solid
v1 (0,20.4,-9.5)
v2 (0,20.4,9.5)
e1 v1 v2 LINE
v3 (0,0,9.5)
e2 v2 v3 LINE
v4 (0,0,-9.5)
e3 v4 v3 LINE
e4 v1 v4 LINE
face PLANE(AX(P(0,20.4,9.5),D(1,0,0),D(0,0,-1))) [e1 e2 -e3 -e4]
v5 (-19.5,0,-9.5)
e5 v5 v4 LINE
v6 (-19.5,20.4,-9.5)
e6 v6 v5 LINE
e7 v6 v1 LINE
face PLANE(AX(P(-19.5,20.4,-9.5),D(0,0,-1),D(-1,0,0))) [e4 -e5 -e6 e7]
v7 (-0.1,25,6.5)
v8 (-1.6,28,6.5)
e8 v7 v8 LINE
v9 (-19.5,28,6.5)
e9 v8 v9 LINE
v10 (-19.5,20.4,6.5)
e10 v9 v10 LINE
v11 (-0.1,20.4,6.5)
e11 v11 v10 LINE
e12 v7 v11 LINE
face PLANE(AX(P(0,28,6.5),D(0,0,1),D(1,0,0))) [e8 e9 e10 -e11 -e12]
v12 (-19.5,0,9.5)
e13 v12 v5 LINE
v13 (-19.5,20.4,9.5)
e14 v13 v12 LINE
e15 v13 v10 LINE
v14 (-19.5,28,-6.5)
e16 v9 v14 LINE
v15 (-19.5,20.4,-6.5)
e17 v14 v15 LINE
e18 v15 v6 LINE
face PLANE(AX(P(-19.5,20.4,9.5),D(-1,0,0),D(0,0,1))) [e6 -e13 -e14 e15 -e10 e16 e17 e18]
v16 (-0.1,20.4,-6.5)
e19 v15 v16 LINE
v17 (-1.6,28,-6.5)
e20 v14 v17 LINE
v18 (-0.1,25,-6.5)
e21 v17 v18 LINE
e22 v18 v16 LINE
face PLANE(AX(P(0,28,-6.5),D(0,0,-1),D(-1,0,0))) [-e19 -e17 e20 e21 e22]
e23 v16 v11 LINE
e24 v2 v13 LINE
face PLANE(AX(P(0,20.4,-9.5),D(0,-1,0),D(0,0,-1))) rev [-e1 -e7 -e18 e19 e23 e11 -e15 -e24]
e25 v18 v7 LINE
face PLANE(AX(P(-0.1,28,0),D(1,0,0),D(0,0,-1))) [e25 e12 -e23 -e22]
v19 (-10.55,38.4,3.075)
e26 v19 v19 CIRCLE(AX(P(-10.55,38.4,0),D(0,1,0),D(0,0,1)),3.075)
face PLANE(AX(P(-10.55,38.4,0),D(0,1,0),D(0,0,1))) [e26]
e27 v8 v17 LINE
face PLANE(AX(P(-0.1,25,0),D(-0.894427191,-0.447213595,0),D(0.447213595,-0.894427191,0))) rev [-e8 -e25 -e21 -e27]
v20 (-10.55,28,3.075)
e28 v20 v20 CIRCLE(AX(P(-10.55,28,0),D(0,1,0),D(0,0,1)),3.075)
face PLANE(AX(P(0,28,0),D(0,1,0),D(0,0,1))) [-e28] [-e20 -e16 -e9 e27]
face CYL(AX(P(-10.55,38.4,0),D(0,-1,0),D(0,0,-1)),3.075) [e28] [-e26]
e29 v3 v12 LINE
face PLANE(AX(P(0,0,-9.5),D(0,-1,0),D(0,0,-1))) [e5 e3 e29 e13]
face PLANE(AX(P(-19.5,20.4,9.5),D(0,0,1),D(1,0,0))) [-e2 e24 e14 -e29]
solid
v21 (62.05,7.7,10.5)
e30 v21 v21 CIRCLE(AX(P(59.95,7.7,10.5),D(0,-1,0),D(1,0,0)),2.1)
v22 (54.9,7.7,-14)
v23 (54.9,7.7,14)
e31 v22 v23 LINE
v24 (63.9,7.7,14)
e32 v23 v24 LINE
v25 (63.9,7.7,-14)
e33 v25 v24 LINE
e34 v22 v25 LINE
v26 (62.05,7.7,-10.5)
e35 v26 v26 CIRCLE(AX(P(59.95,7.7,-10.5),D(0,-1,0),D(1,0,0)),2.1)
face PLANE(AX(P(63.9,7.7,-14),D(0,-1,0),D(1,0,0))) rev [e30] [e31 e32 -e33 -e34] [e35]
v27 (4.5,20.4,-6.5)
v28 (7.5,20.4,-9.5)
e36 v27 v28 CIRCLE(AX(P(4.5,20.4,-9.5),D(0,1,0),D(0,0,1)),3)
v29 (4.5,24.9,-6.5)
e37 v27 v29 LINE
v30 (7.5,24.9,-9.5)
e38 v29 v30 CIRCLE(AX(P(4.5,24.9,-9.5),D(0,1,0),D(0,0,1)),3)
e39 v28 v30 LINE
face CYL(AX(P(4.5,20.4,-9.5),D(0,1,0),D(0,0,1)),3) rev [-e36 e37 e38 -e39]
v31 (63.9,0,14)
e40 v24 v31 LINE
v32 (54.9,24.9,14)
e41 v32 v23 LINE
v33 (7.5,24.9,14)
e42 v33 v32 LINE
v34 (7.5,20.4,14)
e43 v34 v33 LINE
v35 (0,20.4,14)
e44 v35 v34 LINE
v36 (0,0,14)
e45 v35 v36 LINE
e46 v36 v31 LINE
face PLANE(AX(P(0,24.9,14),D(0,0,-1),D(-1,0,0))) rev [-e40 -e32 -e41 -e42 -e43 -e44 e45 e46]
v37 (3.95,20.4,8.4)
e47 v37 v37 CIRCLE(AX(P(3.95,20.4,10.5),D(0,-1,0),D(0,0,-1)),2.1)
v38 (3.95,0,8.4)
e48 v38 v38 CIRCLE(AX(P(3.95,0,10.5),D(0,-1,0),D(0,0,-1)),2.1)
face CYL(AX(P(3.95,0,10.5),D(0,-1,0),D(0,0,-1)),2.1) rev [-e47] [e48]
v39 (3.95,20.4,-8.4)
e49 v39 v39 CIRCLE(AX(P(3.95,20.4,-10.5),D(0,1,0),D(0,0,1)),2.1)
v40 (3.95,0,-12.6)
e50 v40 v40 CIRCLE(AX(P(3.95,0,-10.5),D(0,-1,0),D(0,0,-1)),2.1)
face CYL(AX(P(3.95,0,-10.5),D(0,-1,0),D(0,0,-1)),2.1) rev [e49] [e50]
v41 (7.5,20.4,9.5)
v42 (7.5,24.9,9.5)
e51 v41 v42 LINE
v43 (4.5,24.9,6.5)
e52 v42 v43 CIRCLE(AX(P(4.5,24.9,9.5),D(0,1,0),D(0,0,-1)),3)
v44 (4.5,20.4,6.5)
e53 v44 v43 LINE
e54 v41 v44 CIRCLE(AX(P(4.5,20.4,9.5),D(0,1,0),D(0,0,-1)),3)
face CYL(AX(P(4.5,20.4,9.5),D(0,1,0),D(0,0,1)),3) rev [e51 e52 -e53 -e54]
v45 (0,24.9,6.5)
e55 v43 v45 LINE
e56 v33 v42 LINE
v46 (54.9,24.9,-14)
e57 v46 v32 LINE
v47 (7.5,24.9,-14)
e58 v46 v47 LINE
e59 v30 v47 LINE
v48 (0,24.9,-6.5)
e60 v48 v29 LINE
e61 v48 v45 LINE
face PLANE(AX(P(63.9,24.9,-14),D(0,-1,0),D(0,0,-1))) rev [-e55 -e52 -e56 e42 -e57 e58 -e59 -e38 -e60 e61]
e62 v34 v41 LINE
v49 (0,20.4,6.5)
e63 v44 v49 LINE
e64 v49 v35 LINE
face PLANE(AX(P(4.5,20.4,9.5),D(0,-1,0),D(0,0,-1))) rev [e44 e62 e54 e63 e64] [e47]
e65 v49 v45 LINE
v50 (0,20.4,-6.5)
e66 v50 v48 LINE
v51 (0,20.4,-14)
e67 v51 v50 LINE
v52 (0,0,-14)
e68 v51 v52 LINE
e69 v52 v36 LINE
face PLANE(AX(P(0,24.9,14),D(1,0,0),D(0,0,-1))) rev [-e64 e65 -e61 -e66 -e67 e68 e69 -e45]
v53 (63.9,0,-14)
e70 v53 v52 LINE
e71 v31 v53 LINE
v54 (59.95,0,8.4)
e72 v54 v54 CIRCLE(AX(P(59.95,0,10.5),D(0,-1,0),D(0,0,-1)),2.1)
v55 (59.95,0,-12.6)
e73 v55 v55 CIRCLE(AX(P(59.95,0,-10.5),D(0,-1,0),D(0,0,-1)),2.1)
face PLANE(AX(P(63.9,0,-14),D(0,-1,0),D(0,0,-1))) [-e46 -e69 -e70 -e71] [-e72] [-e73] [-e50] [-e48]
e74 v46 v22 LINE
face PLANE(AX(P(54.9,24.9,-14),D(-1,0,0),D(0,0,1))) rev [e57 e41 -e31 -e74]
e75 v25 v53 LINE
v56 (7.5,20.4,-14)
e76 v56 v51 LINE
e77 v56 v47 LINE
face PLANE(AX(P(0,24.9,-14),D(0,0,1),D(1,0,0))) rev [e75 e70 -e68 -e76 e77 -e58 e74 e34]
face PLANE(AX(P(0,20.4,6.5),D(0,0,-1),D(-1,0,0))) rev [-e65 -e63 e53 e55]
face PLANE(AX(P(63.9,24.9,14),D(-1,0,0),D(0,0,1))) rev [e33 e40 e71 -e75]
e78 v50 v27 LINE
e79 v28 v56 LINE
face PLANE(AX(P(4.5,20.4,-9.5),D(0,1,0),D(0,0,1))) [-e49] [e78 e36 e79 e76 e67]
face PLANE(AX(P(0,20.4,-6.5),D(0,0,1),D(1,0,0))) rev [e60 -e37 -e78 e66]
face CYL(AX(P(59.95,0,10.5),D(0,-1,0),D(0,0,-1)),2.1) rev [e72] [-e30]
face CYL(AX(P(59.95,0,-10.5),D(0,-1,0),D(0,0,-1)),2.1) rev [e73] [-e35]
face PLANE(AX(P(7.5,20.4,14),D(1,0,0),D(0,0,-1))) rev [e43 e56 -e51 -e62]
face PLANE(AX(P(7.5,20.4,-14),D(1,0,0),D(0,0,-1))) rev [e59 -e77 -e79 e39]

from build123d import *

# Parameters (mm, degrees)
SKETCH1_W             = 63.9
SKETCH1_H             = 28
EXTRUDE1_DEPTH        = 24.9
SKETCH2_W             = 9
SKETCH2_H             = 17.2
CUT_EXTRUDE1_DEPTH    = 75.075772018
CUT_EXTRUDE2_DEPTH    = 4.5
M5X0_8_TAPPED_HOLE4_D = 4.2
SKETCH11_W            = 19.5
SKETCH11_H            = 19
EXTRUDE2_DEPTH        = 20.4
SKETCH12_W            = 19.4
SKETCH12_H            = 13
EXTRUDE4_DEPTH        = 7.6
CHAMFER1_SIZE         = 1.5
CHAMFER1_SIZE2        = 3
SKETCH13_R            = 3.075
EXTRUDE5_DEPTH        = 10.4


with BuildPart() as part:
    # Sketch1 → Extrude1 (new body)
    with BuildSketch(Plane(origin=(0, 0, 0), x_dir=(1, 0, 0), z_dir=(0, 1, 0))):
        with Locations((31.95, 0)):
            Rectangle(SKETCH1_W, SKETCH1_H)
    extrude(amount=EXTRUDE1_DEPTH)

    # Sketch2 → Cut-Extrude1 (cut, through all)
    with BuildSketch(Plane.XY.offset(14)):
        with Locations((59.4, 16.3)):
            Rectangle(SKETCH2_W, SKETCH2_H)
    extrude(amount=-CUT_EXTRUDE1_DEPTH, mode=Mode.SUBTRACT)

    # Sketch3 → Cut-Extrude2 (cut)
    with BuildSketch(Plane(origin=(0, 24.9, 0), x_dir=(-1, 0, 0), z_dir=(0, 1, 0))):
        with BuildLine():
            Line((-7.5, -14), (-7.5, -9.5))
            ThreePointArc((-7.5, -9.5), (-6.621320344, -7.378679656), (-4.5, -6.5))
            Line((-4.5, -6.5), (0, -6.5))
            Line((0, -6.5), (0, -14))
            Line((0, -14), (-7.5, -14))
        make_face()
        with BuildLine():
            Line((0, 14), (-7.5, 14))
            Line((-7.5, 14), (-7.5, 9.5))
            ThreePointArc((-7.5, 9.5), (-6.621320344, 7.378679656), (-4.5, 6.5))
            Line((-4.5, 6.5), (0, 6.5))
            Line((0, 6.5), (0, 14))
        make_face()
    extrude(amount=-CUT_EXTRUDE2_DEPTH, mode=Mode.SUBTRACT)

    # M5x0.8 Tapped Hole4 (through all)
    with Locations(Plane(origin=(3.95, 0, 10.5), x_dir=(0, 0, -1), z_dir=(0, -1, 0))):
        with Locations((0, 0), (21, 0), (0, 56), (21, 56)):
            Hole(M5X0_8_TAPPED_HOLE4_D / 2)


with BuildPart() as body_2:
    # Sketch11 → Extrude2 (new body)
    with BuildSketch(Plane.XZ):
        with Locations((-9.75, 0)):
            Rectangle(SKETCH11_W, SKETCH11_H)
    extrude(amount=-EXTRUDE2_DEPTH)

    # Sketch12 → Extrude4 (add)
    with BuildSketch(Plane(origin=(0, 20.4, 0), x_dir=(-1, 0, 0), z_dir=(0, 1, 0))):
        with Locations((9.8, 0)):
            Rectangle(SKETCH12_W, SKETCH12_H)
    extrude(amount=EXTRUDE4_DEPTH)

    # Chamfer1
    chamfer1_edges = [body_2.edges().sort_by_distance(p)[0] for p in [
        (-0.1, 28, 0),
    ]]
    chamfer1_side = [body_2.faces().sort_by_distance(p)[0] for p in [
        (-9.8, 28, 0),
    ]]
    chamfer(chamfer1_edges, length=CHAMFER1_SIZE, length2=CHAMFER1_SIZE2, reference=chamfer1_side[0])

    # Sketch13 → Extrude5 (add)
    with BuildSketch(Plane(origin=(0, 28, 0), x_dir=(-1, 0, 0), z_dir=(0, 1, 0))):
        with Locations(Location((10.55, 0, 0), (0, 0, 90))):
            Circle(SKETCH13_R)
    extrude(amount=EXTRUDE5_DEPTH)


solid = Compound([part.part, body_2.part])
